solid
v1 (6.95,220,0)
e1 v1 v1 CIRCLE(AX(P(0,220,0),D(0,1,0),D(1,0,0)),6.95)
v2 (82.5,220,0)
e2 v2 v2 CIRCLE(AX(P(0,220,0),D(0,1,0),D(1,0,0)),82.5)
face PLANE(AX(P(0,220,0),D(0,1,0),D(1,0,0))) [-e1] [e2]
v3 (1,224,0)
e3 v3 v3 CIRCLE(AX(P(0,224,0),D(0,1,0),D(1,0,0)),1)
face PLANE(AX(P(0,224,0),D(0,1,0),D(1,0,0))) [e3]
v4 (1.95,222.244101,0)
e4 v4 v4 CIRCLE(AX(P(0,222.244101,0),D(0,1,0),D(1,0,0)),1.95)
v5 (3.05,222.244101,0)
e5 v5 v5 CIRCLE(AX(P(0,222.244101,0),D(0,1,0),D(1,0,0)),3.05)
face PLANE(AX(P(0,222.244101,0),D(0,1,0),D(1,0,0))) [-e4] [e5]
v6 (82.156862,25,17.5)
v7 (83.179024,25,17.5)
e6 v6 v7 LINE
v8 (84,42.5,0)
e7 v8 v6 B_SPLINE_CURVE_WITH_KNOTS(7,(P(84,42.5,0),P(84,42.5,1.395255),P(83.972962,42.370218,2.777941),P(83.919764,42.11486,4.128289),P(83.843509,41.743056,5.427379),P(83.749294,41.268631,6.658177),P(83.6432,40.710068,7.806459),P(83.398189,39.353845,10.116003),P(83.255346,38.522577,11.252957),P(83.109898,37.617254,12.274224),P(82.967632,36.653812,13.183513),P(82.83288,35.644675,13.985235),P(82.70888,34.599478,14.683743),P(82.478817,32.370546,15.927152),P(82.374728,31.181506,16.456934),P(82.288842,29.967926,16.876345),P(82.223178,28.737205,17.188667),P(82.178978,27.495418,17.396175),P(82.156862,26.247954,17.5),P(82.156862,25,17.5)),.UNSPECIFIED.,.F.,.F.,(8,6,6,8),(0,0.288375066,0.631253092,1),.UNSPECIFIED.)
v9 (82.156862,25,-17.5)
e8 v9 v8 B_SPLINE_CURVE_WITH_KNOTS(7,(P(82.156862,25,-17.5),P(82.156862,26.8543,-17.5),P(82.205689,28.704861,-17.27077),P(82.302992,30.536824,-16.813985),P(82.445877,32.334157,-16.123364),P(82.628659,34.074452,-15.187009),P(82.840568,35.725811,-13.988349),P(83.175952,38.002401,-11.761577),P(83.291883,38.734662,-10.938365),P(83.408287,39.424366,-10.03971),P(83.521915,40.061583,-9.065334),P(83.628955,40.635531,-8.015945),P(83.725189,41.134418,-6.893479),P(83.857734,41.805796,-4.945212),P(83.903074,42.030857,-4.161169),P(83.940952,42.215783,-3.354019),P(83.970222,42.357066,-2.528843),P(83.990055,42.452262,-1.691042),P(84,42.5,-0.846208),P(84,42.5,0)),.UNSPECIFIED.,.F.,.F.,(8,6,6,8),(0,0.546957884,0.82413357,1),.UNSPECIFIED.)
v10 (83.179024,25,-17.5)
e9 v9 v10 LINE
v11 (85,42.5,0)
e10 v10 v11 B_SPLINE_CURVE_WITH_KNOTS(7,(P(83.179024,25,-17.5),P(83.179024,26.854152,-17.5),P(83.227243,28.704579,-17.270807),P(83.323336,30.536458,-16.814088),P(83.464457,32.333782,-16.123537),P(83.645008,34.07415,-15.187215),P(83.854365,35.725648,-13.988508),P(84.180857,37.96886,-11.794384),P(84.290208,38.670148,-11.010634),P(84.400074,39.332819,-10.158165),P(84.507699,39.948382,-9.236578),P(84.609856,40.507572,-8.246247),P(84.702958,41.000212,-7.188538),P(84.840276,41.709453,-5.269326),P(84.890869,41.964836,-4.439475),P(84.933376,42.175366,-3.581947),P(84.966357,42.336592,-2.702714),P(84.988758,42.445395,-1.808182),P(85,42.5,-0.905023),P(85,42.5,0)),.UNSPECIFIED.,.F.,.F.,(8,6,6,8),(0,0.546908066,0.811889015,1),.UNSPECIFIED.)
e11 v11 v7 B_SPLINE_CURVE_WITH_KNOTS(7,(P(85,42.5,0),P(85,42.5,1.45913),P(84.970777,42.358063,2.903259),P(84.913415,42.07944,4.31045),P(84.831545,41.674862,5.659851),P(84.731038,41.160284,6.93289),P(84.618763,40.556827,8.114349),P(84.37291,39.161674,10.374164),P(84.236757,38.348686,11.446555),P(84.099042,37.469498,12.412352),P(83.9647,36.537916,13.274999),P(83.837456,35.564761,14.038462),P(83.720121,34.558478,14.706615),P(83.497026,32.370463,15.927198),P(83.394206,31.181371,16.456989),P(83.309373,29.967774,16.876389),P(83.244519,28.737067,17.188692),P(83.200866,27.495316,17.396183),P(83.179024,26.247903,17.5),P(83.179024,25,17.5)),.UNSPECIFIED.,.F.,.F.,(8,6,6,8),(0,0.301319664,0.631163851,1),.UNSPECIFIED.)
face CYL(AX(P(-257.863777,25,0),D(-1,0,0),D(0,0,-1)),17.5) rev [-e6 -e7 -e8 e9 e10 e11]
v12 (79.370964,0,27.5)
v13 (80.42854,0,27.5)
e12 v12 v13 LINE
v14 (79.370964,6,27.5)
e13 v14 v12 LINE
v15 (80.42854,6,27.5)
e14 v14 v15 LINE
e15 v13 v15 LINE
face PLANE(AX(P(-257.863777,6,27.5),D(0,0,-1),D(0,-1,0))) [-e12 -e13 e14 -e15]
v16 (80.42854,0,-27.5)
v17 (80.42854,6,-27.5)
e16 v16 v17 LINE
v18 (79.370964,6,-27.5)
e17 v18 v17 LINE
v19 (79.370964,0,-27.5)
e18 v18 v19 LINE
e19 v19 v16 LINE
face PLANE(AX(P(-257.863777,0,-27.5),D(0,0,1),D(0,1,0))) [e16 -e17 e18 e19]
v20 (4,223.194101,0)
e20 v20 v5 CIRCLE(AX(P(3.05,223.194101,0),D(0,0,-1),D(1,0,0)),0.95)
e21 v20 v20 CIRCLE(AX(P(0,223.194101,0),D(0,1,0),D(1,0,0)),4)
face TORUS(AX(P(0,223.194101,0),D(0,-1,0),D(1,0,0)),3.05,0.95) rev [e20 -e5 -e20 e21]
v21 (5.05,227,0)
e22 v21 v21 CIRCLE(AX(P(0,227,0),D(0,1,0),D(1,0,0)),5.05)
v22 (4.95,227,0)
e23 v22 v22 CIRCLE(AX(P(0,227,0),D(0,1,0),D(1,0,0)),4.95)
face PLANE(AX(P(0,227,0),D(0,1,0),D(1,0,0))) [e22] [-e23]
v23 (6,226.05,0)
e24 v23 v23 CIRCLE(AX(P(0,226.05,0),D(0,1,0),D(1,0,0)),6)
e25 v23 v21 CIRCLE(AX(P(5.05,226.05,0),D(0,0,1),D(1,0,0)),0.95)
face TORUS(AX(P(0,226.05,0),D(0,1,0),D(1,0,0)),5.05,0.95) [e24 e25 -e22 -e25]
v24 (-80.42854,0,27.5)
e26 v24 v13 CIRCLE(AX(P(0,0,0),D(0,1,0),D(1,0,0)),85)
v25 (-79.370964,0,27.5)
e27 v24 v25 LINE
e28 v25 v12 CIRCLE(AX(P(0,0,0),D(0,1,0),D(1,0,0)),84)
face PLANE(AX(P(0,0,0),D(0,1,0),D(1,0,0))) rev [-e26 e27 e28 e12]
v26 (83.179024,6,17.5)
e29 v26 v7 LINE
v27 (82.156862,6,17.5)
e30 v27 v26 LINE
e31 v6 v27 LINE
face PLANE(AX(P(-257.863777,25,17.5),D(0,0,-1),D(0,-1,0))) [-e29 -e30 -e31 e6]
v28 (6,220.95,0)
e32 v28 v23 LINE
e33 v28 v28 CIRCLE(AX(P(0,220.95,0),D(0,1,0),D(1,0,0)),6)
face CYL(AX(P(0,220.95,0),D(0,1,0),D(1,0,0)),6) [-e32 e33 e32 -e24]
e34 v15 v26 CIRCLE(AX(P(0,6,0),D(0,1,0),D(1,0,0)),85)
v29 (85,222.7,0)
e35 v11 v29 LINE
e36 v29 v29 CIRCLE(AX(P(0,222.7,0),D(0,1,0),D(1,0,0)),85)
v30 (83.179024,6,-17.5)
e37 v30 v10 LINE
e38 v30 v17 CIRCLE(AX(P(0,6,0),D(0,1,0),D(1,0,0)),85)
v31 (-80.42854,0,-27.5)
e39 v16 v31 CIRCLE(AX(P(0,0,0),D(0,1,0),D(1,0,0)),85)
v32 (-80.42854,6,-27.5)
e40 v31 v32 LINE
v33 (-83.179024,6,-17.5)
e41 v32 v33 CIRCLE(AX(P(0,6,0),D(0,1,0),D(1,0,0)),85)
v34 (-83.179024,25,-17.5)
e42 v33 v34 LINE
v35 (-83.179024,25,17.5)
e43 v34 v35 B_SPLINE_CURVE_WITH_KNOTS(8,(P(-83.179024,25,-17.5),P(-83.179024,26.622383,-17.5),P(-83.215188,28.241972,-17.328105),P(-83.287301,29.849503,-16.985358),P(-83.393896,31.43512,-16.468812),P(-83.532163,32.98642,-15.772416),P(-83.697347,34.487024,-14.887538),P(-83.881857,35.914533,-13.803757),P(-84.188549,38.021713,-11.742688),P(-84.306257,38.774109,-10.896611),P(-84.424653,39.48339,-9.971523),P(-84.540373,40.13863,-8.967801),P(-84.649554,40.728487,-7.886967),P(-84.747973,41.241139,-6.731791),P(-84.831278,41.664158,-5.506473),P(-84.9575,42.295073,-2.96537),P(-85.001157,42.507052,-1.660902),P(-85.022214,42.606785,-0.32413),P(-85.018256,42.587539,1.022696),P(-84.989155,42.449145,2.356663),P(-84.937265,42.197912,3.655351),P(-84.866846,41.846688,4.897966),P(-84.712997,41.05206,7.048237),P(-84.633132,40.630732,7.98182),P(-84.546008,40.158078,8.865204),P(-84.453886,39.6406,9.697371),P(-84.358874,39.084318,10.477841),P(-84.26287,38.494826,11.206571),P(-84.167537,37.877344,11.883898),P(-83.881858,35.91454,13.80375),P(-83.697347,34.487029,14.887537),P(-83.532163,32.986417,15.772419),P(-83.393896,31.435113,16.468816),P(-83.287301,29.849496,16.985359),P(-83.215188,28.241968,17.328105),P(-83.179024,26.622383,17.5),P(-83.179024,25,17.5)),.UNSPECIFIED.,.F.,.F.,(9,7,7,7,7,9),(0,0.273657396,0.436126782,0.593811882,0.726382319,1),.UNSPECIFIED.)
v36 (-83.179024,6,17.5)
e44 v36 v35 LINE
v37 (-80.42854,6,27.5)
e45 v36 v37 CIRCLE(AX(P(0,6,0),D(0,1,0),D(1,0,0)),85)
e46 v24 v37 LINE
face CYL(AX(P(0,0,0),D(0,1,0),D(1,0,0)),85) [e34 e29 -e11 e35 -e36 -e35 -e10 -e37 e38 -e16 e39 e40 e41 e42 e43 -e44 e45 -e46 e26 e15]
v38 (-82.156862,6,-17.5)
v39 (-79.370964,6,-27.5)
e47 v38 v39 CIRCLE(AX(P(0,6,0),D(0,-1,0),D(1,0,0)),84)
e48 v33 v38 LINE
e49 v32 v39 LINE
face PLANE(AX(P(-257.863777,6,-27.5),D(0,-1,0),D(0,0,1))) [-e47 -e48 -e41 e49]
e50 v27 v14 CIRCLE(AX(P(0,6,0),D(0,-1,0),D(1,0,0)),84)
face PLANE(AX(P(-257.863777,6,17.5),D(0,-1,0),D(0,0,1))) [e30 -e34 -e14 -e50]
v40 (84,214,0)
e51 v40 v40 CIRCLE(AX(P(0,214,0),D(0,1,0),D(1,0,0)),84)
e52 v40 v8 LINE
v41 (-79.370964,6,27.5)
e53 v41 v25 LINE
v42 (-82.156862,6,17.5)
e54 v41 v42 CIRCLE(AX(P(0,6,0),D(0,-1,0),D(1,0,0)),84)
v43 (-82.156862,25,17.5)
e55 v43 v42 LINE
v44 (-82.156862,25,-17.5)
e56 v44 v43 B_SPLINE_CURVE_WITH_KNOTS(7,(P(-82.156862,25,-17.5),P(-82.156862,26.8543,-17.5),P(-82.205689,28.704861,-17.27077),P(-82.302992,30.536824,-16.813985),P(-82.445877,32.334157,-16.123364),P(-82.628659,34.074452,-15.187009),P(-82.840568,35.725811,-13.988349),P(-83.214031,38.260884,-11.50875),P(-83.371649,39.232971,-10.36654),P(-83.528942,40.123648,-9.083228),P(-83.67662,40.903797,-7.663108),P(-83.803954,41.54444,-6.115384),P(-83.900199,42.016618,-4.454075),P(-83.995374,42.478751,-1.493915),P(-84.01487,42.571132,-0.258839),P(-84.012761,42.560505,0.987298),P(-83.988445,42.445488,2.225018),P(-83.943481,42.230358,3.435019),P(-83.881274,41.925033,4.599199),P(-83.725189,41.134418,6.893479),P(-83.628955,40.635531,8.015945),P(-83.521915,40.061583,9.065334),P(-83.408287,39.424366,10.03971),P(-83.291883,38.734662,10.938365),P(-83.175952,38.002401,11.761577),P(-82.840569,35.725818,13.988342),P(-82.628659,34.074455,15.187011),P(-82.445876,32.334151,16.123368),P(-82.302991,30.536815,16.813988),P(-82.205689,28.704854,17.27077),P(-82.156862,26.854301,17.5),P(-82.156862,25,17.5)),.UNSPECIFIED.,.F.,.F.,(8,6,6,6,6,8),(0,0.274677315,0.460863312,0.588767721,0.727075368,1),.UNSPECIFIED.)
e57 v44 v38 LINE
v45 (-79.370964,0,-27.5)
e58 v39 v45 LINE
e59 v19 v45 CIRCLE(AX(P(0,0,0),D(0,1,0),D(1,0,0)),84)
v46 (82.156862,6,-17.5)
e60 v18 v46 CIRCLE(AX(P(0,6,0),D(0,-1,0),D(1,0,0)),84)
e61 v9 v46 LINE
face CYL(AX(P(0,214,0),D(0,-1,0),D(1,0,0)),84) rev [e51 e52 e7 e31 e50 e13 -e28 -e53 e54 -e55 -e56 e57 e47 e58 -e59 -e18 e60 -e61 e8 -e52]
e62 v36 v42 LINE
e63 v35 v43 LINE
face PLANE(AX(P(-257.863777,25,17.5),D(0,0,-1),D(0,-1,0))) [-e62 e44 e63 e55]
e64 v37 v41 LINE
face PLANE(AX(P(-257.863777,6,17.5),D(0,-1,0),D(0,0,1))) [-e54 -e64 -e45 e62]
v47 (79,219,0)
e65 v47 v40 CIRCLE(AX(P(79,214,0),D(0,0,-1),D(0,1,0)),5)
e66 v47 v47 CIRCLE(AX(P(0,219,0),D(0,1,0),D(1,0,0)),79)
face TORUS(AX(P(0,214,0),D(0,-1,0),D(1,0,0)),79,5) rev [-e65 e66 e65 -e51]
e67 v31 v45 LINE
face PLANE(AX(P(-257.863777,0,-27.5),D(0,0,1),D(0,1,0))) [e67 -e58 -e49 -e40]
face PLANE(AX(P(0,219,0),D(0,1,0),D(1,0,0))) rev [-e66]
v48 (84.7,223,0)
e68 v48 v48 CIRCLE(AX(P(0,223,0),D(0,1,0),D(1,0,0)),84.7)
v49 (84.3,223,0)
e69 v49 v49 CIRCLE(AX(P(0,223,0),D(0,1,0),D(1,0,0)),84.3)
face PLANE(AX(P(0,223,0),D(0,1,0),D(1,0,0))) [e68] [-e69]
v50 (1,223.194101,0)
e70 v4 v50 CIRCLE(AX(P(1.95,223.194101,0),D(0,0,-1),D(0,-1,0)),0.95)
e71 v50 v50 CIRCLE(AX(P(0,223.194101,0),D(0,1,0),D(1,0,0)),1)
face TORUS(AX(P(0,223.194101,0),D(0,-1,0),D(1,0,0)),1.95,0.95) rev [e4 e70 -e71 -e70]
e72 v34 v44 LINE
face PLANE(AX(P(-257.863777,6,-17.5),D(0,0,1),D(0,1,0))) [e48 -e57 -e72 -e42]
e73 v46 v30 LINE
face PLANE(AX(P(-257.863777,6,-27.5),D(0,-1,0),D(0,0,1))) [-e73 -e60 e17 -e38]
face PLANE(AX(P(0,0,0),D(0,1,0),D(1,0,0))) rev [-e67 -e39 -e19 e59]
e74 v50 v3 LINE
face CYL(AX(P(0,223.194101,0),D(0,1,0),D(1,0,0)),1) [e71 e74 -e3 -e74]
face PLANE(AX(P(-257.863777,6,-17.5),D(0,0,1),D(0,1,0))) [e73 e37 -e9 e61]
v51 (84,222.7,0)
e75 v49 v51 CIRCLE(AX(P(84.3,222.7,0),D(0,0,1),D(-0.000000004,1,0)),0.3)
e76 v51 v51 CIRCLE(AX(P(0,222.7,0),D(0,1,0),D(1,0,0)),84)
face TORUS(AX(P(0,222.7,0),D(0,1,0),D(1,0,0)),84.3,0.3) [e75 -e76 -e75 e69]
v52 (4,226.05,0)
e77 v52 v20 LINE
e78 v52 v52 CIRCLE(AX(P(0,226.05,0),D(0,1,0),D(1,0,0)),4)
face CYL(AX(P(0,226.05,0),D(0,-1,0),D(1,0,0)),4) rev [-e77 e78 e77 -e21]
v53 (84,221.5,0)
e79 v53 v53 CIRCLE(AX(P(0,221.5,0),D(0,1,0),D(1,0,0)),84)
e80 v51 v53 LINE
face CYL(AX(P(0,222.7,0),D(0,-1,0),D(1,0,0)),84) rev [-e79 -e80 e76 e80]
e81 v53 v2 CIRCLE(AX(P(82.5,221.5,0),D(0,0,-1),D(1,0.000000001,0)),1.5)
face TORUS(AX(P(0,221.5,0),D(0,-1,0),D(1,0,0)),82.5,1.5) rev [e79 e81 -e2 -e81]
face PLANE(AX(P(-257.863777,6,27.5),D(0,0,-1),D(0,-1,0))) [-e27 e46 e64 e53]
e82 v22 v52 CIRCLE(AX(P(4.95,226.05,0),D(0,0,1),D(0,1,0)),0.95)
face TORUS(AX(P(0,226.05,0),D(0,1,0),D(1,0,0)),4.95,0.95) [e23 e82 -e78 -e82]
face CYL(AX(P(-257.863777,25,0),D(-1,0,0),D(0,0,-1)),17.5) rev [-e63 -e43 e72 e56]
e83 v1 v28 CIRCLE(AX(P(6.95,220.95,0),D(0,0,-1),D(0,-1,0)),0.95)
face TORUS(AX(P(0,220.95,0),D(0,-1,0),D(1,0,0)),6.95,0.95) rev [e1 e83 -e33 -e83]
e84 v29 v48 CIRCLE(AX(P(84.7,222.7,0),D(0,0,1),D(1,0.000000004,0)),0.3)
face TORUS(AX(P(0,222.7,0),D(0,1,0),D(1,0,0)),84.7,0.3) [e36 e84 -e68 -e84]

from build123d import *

# Parameters (mm, degrees)
ENL_V_MAT_EXTRU_2_DEPTH      = 257.86377716
ENL_V_MAT_EXTRU_2_DEPTH_BACK = 257.86377716


with BuildPart() as part:
    # Esquisse2 → Révolution1 (revolve)
    with BuildSketch(Plane.XY):
        with BuildLine():
            Line((0, 220), (0, 219))
            Line((0, 219), (79, 219))
            ThreePointArc((79, 219), (82.535533906, 217.535533906), (84, 214))
            Line((84, 214), (84, 0))
            Line((84, 0), (85, 0))
            Line((85, 0), (85, 220))
            Line((85, 220), (85, 222.7))
            ThreePointArc((85, 222.7), (84.912132034, 222.912132034), (84.7, 223))
            Line((84.7, 223), (84.3, 223))
            ThreePointArc((84.3, 223), (84.087867966, 222.912132034), (84, 222.7))
            Line((84, 222.7), (84, 221.5))
            ThreePointArc((84, 221.5), (83.560660172, 220.439339828), (82.5, 220))
            Line((82.5, 220), (6.95, 220))
            ThreePointArc((6.95, 220), (6.278248558, 220.278248558), (6, 220.95))
            Line((6, 220.95), (6, 226.05))
            ThreePointArc((6, 226.05), (5.721751442, 226.721751442), (5.05, 227))
            Line((5.05, 227), (4.95, 227))
            ThreePointArc((4.95, 227), (4.278248558, 226.721751442), (4, 226.05))
            Line((4, 226.05), (4, 223.19410066))
            ThreePointArc((4, 223.19410066), (3.721751442, 222.522349218), (3.05, 222.24410066))
            Line((3.05, 222.24410066), (1.95, 222.24410066))
            ThreePointArc((1.95, 222.24410066), (1.278248558, 222.522349218), (1, 223.19410066))
            Line((1, 223.19410066), (1, 224))
            Line((1, 224), (0, 224))
            Line((0, 224), (0, 220))
        make_face()
    revolve(axis=Axis((0, 0, 0), (0, 1, 0)))

    # Esquisse3 → Enlèv. mat.-Extru.2 (cut, two sides: drawn at the far end of the back side and taken through both)
    with BuildSketch(Plane(origin=(0, 0, 0), x_dir=(0, 0, -1), z_dir=(1, 0, 0)).offset(-ENL_V_MAT_EXTRU_2_DEPTH_BACK)):
        with BuildLine():
            Line((-17.5, 25), (-17.5, 6))
            Line((-17.5, 6), (-27.5, 6))
            Line((-27.5, 6), (-27.5, 0))
            Line((-27.5, 0), (27.5, 0))
            Line((27.5, 0), (27.5, 6))
            Line((27.5, 6), (17.5, 6))
            Line((17.5, 6), (17.5, 25))
            ThreePointArc((17.5, 25), (0, 42.5), (-17.5, 25))
        make_face()
    extrude(amount=ENL_V_MAT_EXTRU_2_DEPTH + ENL_V_MAT_EXTRU_2_DEPTH_BACK, mode=Mode.SUBTRACT)


solid = part.part
